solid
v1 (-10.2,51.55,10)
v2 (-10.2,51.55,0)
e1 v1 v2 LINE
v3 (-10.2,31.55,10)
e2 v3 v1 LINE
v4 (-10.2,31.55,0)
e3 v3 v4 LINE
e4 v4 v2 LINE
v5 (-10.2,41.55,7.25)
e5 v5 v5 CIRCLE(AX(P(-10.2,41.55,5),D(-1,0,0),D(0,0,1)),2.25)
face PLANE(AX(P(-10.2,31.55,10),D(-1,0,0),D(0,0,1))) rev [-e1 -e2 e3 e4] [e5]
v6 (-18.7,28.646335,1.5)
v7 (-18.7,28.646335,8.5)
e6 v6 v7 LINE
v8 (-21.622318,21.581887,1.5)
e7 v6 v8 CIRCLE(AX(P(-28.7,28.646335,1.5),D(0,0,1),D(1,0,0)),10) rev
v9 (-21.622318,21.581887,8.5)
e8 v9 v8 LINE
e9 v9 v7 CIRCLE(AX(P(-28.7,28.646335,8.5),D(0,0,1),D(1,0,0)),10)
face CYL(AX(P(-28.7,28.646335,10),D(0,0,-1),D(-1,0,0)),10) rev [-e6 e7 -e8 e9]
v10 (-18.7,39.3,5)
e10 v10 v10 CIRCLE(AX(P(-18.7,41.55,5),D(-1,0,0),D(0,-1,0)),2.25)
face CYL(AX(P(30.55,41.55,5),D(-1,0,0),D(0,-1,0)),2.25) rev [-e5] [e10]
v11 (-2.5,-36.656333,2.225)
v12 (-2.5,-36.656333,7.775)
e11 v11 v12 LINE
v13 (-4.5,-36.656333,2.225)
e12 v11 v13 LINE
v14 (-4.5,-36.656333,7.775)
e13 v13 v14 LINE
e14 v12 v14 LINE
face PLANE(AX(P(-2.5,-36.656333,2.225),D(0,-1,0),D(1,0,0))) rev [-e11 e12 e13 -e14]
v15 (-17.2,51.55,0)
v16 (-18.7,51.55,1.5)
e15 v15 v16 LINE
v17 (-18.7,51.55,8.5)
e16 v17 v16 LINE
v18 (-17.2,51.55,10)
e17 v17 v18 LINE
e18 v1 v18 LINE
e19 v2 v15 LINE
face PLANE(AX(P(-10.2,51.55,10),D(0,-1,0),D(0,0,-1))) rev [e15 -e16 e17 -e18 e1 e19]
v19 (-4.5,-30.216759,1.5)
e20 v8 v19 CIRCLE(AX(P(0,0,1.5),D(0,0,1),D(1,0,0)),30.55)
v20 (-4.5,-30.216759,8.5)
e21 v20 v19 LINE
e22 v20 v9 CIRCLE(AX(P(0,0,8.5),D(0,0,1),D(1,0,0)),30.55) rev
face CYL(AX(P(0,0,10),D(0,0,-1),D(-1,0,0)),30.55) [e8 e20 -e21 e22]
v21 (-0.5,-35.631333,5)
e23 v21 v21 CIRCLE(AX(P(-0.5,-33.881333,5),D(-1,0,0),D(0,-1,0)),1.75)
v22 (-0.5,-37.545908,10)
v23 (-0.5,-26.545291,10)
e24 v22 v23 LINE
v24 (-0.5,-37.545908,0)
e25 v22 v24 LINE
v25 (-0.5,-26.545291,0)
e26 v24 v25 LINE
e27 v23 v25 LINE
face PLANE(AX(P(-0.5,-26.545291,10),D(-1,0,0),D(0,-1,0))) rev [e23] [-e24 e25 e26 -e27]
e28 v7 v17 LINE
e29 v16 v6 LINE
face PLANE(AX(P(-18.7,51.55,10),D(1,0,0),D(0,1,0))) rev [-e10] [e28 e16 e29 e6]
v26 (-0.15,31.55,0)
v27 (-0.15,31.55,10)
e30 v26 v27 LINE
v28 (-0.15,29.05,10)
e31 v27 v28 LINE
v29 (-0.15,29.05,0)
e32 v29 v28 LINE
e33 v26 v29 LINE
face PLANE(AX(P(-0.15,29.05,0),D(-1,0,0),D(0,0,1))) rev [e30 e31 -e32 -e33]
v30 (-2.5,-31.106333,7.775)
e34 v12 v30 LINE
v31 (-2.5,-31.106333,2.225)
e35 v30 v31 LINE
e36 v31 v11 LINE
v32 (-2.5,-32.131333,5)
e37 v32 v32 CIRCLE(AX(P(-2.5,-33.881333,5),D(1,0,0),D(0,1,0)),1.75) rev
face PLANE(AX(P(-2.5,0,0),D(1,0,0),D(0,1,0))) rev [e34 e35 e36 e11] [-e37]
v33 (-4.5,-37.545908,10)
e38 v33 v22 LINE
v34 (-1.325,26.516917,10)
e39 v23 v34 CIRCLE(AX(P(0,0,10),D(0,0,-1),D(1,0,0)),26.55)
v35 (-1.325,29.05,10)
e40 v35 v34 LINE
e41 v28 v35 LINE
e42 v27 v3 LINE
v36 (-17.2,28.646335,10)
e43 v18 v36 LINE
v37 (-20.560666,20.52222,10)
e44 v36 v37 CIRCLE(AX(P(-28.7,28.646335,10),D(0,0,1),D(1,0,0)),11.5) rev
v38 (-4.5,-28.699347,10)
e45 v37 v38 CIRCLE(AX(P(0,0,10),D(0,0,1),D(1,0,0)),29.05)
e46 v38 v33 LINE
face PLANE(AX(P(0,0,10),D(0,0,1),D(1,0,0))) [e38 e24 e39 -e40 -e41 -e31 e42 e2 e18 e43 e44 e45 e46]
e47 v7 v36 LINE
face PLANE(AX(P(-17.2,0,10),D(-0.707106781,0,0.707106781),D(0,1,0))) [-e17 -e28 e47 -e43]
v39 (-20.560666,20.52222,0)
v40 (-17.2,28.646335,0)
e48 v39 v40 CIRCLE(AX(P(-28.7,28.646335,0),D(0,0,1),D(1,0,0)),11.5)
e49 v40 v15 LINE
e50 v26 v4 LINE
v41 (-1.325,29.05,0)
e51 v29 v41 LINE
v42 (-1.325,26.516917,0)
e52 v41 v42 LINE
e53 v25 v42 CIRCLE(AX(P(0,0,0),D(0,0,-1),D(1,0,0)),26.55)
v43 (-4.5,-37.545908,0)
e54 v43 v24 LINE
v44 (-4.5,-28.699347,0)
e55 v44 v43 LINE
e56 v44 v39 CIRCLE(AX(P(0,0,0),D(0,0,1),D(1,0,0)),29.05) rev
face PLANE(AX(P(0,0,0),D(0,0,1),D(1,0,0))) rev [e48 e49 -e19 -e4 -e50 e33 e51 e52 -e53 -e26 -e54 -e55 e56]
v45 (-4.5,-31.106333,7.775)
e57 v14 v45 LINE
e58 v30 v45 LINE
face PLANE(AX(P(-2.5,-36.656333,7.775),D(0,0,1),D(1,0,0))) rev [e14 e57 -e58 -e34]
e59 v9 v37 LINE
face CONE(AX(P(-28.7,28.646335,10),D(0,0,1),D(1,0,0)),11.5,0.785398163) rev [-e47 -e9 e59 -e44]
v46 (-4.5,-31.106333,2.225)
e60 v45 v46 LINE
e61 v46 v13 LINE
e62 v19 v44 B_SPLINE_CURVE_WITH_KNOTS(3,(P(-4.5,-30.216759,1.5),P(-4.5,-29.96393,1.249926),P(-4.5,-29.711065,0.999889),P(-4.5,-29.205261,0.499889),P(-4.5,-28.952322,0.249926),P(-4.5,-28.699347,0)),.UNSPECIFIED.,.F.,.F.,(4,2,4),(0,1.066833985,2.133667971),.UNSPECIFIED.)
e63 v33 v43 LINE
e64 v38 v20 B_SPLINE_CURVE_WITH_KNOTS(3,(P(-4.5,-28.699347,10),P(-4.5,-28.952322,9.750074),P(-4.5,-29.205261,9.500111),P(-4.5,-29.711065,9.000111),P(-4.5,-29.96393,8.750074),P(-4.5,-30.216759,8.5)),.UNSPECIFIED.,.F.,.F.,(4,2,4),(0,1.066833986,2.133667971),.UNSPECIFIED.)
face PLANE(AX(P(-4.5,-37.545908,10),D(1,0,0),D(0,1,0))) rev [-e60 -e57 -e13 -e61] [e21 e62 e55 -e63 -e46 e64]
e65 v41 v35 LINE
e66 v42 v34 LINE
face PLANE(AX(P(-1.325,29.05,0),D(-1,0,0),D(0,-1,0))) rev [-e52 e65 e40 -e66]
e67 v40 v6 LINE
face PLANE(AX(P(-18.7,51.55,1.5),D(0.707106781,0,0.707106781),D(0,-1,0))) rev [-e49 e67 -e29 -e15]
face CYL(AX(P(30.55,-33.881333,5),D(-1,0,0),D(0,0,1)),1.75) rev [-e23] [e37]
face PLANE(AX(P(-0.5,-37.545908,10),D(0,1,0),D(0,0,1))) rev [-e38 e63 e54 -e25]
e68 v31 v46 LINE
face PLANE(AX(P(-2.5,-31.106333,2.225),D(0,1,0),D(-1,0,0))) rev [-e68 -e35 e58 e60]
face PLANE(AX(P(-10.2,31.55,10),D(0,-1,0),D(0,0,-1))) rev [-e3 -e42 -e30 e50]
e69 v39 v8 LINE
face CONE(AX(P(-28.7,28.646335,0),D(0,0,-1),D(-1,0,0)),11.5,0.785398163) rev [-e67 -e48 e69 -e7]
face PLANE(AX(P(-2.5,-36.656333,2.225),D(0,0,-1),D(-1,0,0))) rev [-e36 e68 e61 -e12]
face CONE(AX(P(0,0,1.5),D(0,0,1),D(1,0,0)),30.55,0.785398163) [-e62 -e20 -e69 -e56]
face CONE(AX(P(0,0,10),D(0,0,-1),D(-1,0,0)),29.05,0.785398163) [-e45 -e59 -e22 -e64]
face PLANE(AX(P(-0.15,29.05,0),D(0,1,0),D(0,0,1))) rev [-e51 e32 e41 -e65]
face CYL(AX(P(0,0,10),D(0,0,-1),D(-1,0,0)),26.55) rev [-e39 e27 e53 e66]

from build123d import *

# Parameters (mm, degrees)
AUFSATZ_LINEAR_AUSTRAGEN1_DEPTH = 10
SKIZZE2_R                       = 1.75
SCHNITT_LINEAR_AUSTRAGEN1_DEPTH = 36.05
SKIZZE4_R                       = 2.25
SCHNITT_LINEAR_AUSTRAGEN3_DEPTH = 50.25
VERRUNDUNG1_R                   = 10
SKIZZE5_W                       = 5.55
SKIZZE5_H                       = 5.55
SCHNITT_LINEAR_AUSTRAGEN4_DEPTH = 2
SCHNITT_LINEAR_AUSTRAGEN5_DEPTH = 11
FASE1_SIZE                      = 1.5
SCHNITT_LINEAR_AUSTRAGEN6_DEPTH = 11


with BuildPart() as part:
    # Skizze1 → Aufsatz-Linear austragen1 (new body)
    with BuildSketch(Plane.XY):
        with BuildLine():
            Line((0.5, -26.545291485), (0.5, -30.545908073))
            Line((0.5, -30.545908073), (0.5, -37.545908073))
            Line((0.5, -37.545908073), (4.5, -37.545908073))
            Line((4.5, -37.545908073), (4.5, -30.216758595))
            ThreePointArc((4.5, -30.216758595), (29.558680329, -7.719256261), (18.7, 24.158073185))
            Line((18.7, 24.158073185), (18.7, 51.55))
            Line((18.7, 51.55), (10.2, 51.55))
            Line((10.2, 51.55), (10.2, 31.55))
            Line((10.2, 31.55), (-10.2, 31.55))
            Line((-10.2, 31.55), (-10.2, 51.55))
            Line((-10.2, 51.55), (-18.7, 51.55))
            Line((-18.7, 51.55), (-18.7, 24.158073185))
            ThreePointArc((-18.7, 24.158073185), (-29.558680329, -7.719256261), (-4.5, -30.216758595))
            Line((-4.5, -30.216758595), (-4.5, -37.545908073))
            Line((-4.5, -37.545908073), (-0.5, -37.545908073))
            Line((-0.5, -37.545908073), (-0.5, -30.545908073))
            Line((-0.5, -30.545908073), (-0.5, -26.545291485))
            ThreePointArc((-0.5, -26.545291485), (0, 26.55), (0.5, -26.545291485))
        make_face()
    extrude(amount=AUFSATZ_LINEAR_AUSTRAGEN1_DEPTH)

    # Skizze2 → Schnitt-Linear austragen1 (cut, through all)
    with BuildSketch(Plane.ZY.offset(4.5)):
        with Locations((5, -33.881333334)):
            Circle(SKIZZE2_R)
    extrude(amount=-SCHNITT_LINEAR_AUSTRAGEN1_DEPTH, mode=Mode.SUBTRACT)

    # Skizze4 → Schnitt-Linear austragen3 (cut, through all)
    with BuildSketch(Plane.ZY.offset(18.7)):
        with Locations((5, 41.55)):
            Circle(SKIZZE4_R)
    extrude(amount=-SCHNITT_LINEAR_AUSTRAGEN3_DEPTH, mode=Mode.SUBTRACT)

    # Verrundung1
    verrundung1_edges = [part.edges().sort_by_distance(p)[0] for p in [
        (-18.7, 24.158073185, 5),
        (18.7, 24.158073185, 5),
    ]]
    fillet(verrundung1_edges, radius=VERRUNDUNG1_R)

    # Skizze5 → Schnitt-Linear austragen4 (cut)
    with BuildSketch(Plane.ZY.offset(4.5)):
        with Locations((5, -33.881333334)):
            Rectangle(SKIZZE5_W, SKIZZE5_H)
    extrude(amount=-SCHNITT_LINEAR_AUSTRAGEN4_DEPTH, mode=Mode.SUBTRACT)

    # Skizze6 → Schnitt-Linear austragen5 (cut, through all)
    with BuildSketch(Plane.XY):
        Polygon((0, 0), (0, 63.91348789), (40.013946788, 63.91348789), (48.360414216, -54.819102682), (0, -54.819102682), align=None)
    extrude(amount=SCHNITT_LINEAR_AUSTRAGEN5_DEPTH, mode=Mode.SUBTRACT)

    # Fase1
    fase1_edges = [part.edges().sort_by_distance(p)[0] for p in [
        (-18.7, 40.098167422, 0),
        (-18.7, 40.098167422, 10),
        (-29.006358008, -9.588206043, 0),
        (-29.006358008, -9.588206043, 10),
        (-19.459415096, 24.823823807, 0),
        (-19.459415096, 24.823823807, 10),
    ]]
    chamfer(fase1_edges, length=FASE1_SIZE)

    # Skizze7 → Schnitt-Linear austragen6 (cut, through all)
    with BuildSketch(Plane.XY.offset(10)):
        Polygon((1.325, 29.05), (0, 29.05), (0, 31.55), (-0.15, 31.55), (-0.15, 29.05), (-1.325, 29.05), (-1.325, 23.522445011), (1.325, 23.522445011), align=None)
    extrude(amount=-SCHNITT_LINEAR_AUSTRAGEN6_DEPTH, mode=Mode.SUBTRACT)


solid = part.part
